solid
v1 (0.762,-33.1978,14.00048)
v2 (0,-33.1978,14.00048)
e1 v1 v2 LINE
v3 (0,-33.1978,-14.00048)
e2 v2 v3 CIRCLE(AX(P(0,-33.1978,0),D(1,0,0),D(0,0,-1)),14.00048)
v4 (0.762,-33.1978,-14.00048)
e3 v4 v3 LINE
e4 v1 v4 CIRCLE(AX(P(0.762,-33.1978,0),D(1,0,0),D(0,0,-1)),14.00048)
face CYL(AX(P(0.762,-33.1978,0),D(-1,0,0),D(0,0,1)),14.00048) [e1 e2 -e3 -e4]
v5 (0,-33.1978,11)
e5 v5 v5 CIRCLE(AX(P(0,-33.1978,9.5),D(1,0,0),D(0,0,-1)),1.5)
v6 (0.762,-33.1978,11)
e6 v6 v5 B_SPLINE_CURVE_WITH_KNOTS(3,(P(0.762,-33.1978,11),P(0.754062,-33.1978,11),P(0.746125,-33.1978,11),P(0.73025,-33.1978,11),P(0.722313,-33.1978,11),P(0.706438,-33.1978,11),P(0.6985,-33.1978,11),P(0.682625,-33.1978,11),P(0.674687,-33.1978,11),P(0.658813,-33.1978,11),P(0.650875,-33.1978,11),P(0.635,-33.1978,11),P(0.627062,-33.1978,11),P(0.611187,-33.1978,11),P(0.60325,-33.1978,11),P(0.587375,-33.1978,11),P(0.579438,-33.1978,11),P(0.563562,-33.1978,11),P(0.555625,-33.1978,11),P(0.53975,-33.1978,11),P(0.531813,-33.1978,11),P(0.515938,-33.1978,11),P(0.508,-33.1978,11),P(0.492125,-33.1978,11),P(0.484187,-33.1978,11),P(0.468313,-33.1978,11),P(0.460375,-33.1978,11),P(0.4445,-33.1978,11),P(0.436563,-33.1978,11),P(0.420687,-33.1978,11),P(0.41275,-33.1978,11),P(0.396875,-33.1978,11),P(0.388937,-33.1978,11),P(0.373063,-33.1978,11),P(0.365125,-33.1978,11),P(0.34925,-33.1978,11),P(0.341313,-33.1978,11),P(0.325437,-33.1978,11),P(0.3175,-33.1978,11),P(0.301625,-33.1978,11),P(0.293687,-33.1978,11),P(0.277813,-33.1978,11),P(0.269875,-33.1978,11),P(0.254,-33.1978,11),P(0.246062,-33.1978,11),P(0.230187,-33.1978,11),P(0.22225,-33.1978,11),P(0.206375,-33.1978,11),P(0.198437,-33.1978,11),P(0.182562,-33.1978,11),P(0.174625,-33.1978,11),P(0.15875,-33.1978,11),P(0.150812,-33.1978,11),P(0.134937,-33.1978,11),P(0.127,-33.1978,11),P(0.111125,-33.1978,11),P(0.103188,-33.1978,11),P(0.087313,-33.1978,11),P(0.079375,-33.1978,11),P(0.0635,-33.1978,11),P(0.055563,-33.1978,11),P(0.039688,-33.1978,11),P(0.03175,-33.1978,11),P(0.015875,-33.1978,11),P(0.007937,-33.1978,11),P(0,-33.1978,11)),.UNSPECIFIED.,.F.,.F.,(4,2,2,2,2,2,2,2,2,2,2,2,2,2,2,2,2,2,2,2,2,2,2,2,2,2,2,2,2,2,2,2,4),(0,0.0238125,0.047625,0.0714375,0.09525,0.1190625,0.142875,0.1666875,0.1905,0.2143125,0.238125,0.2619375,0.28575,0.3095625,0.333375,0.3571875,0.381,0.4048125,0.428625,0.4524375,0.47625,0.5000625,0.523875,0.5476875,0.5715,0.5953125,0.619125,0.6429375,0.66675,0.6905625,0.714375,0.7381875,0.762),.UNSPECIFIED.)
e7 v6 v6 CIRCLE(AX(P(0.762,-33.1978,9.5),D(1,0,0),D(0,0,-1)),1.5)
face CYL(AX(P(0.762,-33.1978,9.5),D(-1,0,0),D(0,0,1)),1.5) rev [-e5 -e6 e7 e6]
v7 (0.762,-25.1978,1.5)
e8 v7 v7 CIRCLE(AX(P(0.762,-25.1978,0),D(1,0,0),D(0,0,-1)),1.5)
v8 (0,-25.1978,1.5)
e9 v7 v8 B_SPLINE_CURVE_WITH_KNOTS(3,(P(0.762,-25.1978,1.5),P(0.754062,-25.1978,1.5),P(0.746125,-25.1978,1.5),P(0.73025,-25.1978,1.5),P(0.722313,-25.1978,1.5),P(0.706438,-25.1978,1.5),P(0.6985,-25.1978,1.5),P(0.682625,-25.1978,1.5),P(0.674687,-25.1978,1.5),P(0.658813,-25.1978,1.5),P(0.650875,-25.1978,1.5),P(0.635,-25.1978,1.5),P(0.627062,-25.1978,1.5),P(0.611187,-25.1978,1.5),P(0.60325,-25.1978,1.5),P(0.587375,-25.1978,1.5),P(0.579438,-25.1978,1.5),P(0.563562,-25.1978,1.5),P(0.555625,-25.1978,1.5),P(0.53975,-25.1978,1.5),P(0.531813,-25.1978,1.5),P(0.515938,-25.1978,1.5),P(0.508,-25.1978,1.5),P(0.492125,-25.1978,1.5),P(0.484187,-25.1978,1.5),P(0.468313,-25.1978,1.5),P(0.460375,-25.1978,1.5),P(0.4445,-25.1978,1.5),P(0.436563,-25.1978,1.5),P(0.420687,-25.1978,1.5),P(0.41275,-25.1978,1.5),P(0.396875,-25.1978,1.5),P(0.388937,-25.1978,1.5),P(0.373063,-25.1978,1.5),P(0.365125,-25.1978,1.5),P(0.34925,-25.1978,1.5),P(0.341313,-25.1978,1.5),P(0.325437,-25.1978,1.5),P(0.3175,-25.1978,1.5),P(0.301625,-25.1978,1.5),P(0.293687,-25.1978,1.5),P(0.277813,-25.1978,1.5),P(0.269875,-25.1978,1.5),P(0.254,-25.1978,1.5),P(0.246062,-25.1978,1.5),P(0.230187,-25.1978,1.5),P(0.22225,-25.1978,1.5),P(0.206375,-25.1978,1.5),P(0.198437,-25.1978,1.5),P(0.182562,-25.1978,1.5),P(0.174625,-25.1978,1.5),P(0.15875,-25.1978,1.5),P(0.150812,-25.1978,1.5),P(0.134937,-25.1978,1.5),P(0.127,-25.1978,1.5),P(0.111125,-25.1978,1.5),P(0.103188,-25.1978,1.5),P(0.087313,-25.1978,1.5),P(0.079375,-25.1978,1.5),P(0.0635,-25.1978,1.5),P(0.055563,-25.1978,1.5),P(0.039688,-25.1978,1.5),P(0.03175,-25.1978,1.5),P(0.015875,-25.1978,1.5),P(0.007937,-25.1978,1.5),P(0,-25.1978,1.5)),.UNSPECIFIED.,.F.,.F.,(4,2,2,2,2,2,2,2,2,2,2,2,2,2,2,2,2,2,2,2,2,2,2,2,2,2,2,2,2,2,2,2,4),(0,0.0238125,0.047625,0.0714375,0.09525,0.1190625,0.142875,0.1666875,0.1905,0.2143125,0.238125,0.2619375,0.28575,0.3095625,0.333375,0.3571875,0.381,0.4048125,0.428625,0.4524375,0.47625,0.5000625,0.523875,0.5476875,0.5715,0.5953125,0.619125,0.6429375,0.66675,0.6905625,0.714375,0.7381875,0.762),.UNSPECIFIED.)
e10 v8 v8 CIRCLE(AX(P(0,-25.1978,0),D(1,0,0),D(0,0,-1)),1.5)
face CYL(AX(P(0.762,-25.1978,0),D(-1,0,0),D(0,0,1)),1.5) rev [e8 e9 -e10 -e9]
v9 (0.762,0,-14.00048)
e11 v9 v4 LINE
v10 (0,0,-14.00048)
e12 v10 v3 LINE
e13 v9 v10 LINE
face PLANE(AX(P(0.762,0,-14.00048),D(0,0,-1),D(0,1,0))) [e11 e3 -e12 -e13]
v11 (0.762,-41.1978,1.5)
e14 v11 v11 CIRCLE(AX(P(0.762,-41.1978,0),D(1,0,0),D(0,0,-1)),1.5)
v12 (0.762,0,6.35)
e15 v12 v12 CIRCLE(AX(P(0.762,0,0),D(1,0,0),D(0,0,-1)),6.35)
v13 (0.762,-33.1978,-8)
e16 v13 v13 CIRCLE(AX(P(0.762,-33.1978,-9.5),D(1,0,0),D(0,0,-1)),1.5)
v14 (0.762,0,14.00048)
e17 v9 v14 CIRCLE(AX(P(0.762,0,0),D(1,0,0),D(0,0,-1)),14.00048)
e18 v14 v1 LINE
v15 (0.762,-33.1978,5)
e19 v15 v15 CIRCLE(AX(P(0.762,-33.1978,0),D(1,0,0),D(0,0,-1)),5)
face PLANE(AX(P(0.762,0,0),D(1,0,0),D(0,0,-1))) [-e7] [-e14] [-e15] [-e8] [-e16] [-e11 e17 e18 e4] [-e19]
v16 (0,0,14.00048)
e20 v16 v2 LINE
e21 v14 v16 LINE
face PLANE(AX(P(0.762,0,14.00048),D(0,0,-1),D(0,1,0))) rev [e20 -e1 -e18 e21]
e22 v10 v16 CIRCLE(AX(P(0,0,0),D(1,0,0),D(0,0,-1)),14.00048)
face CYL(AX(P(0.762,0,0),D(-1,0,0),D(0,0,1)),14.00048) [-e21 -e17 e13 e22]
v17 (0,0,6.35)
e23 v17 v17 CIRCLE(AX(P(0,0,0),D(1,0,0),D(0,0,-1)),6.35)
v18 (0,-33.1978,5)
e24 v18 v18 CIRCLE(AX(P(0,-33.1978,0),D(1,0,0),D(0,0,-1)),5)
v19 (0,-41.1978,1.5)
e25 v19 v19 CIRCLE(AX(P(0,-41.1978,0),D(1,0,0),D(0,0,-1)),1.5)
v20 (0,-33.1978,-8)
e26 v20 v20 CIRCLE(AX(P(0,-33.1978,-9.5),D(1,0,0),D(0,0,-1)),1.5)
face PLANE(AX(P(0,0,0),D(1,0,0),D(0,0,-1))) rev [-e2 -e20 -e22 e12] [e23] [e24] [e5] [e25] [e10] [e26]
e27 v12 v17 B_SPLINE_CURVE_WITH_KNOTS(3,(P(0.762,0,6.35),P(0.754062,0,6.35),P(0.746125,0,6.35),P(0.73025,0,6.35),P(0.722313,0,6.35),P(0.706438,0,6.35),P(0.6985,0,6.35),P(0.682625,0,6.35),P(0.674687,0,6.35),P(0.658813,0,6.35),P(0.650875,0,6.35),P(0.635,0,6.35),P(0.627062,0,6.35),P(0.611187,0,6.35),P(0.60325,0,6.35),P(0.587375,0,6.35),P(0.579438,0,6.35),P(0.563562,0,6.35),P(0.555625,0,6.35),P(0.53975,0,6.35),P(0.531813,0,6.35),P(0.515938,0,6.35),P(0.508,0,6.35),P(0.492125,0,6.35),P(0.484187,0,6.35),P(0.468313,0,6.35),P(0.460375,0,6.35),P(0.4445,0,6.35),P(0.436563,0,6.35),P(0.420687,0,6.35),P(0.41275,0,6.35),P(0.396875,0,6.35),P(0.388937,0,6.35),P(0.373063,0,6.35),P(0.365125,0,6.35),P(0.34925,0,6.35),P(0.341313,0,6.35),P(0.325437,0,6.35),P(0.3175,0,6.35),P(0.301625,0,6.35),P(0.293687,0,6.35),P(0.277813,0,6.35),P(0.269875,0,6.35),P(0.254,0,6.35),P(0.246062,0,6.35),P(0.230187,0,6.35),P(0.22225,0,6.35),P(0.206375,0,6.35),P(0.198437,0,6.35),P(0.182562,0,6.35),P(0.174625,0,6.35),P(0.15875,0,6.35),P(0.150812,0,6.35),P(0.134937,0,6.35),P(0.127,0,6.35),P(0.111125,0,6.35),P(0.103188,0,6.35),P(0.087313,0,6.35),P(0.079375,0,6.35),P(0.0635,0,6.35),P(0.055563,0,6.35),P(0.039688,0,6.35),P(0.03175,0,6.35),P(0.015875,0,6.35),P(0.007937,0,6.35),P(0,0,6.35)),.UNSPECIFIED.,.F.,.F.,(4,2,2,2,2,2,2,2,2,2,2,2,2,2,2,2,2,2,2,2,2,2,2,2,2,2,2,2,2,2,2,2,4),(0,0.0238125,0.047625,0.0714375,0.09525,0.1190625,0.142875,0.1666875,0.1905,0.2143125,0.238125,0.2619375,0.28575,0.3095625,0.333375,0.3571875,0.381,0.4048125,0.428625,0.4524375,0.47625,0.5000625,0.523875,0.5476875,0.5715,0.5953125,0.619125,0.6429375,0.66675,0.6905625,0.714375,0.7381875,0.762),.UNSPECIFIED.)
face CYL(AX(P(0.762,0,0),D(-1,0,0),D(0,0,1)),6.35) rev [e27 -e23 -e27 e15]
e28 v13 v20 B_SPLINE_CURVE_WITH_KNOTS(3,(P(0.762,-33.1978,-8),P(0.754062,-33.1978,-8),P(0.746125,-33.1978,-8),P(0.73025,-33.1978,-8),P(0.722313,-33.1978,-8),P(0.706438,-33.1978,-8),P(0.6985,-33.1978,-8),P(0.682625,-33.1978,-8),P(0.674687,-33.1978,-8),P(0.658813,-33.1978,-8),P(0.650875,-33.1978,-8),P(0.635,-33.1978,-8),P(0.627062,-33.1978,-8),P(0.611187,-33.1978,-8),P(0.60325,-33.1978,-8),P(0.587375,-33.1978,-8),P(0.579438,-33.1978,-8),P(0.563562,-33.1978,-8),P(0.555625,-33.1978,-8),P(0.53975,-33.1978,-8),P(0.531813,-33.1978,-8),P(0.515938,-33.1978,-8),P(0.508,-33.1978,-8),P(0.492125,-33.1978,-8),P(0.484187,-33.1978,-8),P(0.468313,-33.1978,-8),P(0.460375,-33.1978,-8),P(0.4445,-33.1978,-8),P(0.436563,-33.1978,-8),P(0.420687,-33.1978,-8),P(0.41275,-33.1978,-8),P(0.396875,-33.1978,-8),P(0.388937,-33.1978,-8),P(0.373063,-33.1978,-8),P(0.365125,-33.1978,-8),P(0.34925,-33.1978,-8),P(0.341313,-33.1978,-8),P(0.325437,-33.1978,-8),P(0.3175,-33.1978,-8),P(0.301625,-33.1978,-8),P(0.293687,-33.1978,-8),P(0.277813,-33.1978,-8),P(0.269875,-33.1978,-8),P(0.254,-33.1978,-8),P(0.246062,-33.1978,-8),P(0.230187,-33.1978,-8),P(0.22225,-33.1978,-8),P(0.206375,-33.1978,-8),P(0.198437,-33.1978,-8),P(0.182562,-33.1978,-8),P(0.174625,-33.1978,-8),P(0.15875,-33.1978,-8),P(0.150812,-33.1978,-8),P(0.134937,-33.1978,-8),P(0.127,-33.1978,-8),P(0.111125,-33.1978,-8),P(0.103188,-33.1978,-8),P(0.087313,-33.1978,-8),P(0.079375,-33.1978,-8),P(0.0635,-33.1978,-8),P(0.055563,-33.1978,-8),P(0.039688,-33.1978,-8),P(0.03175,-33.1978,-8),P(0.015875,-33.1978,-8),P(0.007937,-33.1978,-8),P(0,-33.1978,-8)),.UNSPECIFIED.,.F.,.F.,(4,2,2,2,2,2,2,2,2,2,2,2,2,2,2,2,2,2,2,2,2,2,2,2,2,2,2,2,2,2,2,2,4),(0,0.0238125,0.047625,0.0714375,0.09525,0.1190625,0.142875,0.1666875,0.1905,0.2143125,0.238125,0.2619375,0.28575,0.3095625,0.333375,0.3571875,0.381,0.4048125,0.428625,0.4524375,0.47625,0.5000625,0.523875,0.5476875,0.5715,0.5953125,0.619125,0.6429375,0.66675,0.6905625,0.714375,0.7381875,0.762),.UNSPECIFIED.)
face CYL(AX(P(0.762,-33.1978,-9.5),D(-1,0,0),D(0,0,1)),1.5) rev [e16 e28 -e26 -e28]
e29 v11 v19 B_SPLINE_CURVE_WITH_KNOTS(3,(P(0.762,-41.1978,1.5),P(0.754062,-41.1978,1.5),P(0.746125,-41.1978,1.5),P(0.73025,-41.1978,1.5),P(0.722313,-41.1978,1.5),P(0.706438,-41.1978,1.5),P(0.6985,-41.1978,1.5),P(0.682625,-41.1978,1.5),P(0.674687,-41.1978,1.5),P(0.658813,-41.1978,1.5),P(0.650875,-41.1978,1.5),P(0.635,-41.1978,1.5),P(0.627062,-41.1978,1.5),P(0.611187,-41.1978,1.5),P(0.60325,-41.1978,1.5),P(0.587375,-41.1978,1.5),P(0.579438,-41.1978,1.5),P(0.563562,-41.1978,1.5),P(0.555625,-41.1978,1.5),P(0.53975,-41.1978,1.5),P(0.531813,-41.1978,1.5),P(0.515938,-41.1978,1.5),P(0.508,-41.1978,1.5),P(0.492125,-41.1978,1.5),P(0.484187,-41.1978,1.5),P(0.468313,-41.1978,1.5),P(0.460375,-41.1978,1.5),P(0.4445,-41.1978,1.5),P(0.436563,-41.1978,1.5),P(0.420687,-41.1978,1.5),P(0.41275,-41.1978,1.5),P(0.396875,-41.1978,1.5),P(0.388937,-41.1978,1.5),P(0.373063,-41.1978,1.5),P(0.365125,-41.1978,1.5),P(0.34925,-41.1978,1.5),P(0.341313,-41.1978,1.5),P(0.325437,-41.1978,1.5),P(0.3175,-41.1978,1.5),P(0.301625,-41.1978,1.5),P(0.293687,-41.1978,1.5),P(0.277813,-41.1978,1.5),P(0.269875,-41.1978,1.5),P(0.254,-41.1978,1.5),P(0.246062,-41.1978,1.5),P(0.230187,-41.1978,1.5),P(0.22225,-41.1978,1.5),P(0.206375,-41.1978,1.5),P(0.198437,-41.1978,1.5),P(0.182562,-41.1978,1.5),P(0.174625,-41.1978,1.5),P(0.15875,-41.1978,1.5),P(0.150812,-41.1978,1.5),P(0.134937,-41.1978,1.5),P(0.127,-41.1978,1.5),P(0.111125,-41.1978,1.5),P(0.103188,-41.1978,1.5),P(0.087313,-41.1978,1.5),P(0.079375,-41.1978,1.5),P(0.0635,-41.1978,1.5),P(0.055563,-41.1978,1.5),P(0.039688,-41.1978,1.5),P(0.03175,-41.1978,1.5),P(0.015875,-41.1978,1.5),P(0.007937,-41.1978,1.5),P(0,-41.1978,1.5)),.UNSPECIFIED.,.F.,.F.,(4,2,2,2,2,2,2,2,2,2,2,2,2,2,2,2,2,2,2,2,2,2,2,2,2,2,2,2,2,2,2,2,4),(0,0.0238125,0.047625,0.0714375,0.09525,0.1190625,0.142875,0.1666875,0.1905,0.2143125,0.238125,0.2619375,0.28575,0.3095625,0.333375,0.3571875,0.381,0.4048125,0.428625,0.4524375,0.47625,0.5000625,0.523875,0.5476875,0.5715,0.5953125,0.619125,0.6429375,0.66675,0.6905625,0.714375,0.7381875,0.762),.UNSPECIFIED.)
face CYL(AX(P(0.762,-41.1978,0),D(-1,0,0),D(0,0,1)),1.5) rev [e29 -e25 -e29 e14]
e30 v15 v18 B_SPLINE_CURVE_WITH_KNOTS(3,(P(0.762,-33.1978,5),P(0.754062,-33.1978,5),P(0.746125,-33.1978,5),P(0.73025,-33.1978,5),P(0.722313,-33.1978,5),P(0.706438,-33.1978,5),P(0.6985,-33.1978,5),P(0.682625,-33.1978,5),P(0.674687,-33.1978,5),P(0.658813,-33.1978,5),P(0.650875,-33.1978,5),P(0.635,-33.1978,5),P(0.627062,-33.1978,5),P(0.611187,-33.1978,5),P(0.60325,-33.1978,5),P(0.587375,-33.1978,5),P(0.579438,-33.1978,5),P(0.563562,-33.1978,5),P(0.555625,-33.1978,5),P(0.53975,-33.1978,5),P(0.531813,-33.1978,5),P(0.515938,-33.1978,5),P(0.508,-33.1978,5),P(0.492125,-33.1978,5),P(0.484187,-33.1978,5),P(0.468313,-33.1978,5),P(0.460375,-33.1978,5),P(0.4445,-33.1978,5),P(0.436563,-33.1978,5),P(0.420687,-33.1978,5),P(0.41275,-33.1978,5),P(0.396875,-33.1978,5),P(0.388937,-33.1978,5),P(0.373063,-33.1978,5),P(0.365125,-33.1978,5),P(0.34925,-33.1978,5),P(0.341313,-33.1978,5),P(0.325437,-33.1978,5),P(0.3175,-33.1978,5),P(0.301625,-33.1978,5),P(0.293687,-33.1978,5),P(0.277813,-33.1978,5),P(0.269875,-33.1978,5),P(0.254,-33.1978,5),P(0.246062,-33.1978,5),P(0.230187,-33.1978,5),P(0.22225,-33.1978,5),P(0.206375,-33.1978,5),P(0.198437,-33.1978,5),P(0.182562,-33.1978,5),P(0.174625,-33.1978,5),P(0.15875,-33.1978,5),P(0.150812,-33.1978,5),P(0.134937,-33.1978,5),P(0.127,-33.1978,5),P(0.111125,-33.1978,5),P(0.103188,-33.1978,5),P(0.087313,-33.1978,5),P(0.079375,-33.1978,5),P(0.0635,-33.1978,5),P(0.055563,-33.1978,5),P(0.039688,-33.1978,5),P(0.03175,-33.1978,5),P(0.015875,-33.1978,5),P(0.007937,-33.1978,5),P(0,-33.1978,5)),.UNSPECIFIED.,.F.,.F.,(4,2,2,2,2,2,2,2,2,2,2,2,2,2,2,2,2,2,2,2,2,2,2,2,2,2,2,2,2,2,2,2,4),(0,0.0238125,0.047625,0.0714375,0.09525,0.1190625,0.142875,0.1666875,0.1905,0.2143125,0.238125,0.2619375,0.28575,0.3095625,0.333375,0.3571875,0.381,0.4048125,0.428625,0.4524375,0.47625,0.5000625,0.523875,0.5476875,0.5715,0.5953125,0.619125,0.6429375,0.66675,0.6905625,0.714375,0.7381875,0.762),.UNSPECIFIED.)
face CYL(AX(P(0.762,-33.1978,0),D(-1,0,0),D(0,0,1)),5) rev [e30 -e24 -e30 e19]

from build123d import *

# Parameters (mm, degrees)
SKETCH1_R           = 6.35
SKETCH1_R_2         = 1.5
SKETCH1_R_3         = 5
BOSS_EXTRUDE1_DEPTH = 0.762


with BuildPart() as part:
    # Sketch1 → Boss-Extrude1 (new body)
    with BuildSketch(Plane(origin=(0, 0, 0), x_dir=(0, 0, -1), z_dir=(1, 0, 0))):
        with BuildLine():
            Line((14.00048, 0), (14.00048, -33.1978))
            ThreePointArc((14.00048, -33.1978), (0, -47.19828), (-14.00048, -33.1978))
            Line((-14.00048, -33.1978), (-14.00048, 0))
            ThreePointArc((-14.00048, 0), (0, 14.00048), (14.00048, 0))
        make_face()
        with Locations(Location((0, 0, 0), (0, 0, 180))):
            Circle(SKETCH1_R, mode=Mode.SUBTRACT)
        with Locations(Location((0, -25.1978, 0), (0, 0, 180))):
            Circle(SKETCH1_R_2, mode=Mode.SUBTRACT)
        with Locations(Location((0, -41.1978, 0), (0, 0, 180))):
            Circle(SKETCH1_R_2, mode=Mode.SUBTRACT)
        with Locations(Location((-9.5, -33.1978, 0), (0, 0, 180))):
            Circle(SKETCH1_R_2, mode=Mode.SUBTRACT)
        with Locations(Location((9.5, -33.1978, 0), (0, 0, 180))):
            Circle(SKETCH1_R_2, mode=Mode.SUBTRACT)
        with Locations(Location((0, -33.1978, 0), (0, 0, 180))):
            Circle(SKETCH1_R_3, mode=Mode.SUBTRACT)
    extrude(amount=BOSS_EXTRUDE1_DEPTH)


solid = part.part
